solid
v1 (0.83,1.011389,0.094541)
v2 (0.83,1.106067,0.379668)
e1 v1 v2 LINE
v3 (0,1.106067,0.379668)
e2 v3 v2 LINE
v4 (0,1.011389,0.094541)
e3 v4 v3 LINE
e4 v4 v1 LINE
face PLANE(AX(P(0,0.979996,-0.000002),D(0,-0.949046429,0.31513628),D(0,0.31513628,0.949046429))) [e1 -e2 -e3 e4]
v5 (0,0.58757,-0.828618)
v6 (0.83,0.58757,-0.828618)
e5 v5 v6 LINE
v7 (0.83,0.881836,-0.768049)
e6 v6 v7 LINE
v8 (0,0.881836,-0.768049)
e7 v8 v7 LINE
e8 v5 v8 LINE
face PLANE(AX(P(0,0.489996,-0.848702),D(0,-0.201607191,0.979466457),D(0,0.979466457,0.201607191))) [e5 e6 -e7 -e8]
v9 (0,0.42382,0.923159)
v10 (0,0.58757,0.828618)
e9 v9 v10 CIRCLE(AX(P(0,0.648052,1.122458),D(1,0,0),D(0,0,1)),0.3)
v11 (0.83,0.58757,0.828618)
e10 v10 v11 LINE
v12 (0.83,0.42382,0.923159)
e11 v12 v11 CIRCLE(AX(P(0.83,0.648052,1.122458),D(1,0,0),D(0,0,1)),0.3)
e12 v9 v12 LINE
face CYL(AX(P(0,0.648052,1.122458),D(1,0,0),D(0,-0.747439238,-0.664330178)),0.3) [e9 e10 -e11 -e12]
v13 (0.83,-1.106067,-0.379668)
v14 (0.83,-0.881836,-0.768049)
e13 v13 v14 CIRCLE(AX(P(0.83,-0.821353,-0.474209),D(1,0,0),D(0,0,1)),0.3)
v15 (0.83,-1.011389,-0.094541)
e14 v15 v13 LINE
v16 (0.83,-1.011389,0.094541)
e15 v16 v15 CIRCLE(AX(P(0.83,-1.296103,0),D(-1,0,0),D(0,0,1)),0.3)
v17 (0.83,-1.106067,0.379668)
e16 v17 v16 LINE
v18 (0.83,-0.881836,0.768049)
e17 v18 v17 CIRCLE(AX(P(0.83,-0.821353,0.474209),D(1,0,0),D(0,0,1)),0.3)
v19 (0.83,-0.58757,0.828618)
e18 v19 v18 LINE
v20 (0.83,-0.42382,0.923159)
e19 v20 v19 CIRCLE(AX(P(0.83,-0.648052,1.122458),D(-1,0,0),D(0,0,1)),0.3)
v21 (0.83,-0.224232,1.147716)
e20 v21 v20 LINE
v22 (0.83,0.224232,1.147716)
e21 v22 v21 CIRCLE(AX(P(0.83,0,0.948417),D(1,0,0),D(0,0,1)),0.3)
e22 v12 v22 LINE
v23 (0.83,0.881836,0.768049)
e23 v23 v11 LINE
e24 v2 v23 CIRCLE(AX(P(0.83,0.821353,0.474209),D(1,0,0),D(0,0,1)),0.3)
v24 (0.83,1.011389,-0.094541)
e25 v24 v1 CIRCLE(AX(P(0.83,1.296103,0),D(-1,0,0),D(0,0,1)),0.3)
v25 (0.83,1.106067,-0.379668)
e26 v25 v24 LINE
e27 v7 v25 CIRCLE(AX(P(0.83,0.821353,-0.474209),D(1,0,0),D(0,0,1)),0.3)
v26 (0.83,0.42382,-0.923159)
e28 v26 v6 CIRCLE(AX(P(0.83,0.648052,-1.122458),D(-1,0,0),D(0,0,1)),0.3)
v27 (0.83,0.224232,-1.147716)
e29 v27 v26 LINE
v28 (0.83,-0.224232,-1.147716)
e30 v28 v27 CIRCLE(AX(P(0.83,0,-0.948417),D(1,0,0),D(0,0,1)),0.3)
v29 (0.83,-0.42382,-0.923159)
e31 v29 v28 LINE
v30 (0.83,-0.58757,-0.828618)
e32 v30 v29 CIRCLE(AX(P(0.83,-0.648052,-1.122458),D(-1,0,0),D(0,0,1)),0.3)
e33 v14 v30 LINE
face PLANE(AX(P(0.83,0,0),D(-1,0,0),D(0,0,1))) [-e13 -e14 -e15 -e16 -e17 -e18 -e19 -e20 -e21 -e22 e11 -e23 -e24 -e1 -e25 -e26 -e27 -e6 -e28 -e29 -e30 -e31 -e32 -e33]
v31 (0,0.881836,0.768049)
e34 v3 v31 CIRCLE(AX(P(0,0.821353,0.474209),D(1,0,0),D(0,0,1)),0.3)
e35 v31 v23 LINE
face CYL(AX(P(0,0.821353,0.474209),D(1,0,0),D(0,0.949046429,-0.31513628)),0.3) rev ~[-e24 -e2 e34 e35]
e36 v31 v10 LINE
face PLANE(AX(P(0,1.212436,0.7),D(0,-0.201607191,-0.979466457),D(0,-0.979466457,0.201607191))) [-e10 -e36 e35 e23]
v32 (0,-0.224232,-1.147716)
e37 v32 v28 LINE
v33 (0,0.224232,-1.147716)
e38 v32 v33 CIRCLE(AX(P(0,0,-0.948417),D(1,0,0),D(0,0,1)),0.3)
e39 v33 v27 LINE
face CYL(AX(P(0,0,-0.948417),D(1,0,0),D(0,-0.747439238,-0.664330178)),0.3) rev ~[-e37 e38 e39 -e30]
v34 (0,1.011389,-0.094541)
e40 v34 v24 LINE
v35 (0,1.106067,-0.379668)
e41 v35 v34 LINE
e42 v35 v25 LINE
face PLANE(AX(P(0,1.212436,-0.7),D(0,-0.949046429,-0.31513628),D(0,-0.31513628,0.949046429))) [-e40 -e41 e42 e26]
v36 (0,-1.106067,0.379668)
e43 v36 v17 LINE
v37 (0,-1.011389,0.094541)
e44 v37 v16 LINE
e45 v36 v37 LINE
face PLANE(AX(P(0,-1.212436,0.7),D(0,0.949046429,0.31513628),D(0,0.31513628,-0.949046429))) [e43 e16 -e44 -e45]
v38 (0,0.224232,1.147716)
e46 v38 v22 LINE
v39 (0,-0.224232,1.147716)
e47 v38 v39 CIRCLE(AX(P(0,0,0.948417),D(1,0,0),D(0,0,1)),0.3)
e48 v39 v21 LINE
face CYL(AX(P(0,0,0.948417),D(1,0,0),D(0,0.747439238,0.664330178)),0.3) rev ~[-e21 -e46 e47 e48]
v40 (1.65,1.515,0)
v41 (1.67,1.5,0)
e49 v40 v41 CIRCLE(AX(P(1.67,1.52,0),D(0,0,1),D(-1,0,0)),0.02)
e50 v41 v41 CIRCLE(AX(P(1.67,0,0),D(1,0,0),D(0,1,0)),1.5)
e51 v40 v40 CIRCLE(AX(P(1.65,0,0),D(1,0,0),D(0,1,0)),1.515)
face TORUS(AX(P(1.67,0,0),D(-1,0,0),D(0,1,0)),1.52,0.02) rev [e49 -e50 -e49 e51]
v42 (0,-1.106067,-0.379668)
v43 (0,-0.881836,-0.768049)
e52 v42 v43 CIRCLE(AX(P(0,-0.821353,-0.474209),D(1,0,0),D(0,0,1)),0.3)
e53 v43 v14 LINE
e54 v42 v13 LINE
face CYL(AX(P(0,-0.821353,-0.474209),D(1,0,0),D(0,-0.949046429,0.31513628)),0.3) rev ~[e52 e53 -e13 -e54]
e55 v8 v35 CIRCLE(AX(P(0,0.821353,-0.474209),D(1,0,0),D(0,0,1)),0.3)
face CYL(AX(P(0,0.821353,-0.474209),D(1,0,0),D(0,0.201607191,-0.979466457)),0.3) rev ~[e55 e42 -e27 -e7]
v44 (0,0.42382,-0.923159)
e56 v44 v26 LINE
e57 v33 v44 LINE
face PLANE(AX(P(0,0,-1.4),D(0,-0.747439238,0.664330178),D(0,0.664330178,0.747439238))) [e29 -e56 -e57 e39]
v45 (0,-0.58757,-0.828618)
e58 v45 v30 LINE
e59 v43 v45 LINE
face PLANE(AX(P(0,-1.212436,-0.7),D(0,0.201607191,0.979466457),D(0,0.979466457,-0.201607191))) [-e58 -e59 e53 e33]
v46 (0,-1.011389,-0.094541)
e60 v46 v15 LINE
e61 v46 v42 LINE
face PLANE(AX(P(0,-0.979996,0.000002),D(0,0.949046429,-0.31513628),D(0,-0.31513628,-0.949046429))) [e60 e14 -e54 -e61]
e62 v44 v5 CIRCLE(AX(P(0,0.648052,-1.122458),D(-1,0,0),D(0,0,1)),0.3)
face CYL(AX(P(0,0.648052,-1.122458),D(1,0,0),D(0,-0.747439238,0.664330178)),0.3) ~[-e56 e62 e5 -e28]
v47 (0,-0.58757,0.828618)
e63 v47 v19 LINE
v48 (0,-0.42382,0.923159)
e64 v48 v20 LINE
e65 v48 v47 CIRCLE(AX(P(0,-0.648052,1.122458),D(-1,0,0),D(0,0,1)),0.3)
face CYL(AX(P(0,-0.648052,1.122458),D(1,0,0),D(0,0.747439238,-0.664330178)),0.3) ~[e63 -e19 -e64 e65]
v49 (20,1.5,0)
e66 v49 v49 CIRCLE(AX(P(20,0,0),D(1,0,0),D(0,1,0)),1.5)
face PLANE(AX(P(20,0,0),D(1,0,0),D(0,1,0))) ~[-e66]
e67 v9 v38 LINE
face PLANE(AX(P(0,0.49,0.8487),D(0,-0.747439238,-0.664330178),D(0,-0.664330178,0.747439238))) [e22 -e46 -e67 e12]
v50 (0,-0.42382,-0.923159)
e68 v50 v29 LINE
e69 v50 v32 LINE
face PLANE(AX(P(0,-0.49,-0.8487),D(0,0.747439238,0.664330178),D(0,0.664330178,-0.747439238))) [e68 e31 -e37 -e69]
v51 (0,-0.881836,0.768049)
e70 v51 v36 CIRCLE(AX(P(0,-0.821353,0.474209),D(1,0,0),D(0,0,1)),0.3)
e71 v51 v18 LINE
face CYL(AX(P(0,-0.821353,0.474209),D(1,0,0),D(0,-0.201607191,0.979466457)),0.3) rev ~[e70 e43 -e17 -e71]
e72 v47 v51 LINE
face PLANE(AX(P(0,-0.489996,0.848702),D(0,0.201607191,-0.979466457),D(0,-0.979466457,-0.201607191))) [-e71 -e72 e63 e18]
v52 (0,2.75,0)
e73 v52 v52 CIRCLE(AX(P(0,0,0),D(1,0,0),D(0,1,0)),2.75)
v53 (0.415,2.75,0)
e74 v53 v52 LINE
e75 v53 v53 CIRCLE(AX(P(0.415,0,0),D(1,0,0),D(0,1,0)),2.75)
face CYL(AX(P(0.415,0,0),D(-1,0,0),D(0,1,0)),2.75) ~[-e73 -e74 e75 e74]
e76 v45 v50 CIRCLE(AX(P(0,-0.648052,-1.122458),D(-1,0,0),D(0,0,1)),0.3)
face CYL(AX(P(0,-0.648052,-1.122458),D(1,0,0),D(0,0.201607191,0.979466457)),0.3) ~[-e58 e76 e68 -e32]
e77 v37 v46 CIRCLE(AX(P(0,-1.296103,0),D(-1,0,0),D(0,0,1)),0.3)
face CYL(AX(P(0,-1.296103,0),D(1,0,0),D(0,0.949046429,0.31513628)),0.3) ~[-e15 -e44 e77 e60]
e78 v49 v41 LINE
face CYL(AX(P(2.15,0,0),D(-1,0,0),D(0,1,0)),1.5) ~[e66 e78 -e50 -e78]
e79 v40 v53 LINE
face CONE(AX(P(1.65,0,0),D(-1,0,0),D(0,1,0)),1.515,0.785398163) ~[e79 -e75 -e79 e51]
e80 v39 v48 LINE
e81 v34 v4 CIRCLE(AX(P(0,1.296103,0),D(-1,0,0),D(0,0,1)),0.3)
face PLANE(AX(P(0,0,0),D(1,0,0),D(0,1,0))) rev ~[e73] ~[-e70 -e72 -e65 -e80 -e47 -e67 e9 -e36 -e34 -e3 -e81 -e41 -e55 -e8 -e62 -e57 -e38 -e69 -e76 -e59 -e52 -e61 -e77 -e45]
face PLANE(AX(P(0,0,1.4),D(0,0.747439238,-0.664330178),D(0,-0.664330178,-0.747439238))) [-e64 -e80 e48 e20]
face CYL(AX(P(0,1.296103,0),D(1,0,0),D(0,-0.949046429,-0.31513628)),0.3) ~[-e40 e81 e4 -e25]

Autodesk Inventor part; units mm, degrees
ref_plane "YZ Plane" through (0, 0, 0) normal (1, 0, 0) x (0, 1, 0)
ref_plane "XZ Plane" through (0, 0, 0) normal (0, 1, 0) x (-1, 0, 0)
ref_plane "XY Plane" through (0, 0, 0) normal (0, 0, 1) x (1, 0, 0)
sketch "Sketch1" plane through (0, 0, 0) normal (0, 0, 1) x (1, 0, 0)
  line L0 (0, 0) -> (20, 0)
  line L1 (20, 0) -> (20, 1.5)
  line L2 (20, 1.5) -> (2.35, 1.5)
  line L3 (2.35, 1.5) -> (2.15, 1.5)
  line L4 (2.15, 1.5) -> (1.67, 1.5)
  line L5 (1.65, 1.515) -> (1.65, 1.515)
  line L6 (1.65, 1.515) -> (0.415, 2.75)
  line L7 (0.415, 2.75) -> (0, 2.75)
  line L8 (0, 2.75) -> (0, 0)
  line L9 (1.65, 1.515) -> (1.65, 1.52)
  arc A0 (1.65, 1.52) -> (1.67, 1.5) centre (1.67, 1.52) ccw
  dimension "d17" = 20
  dimension "d18" = 0.415
  dimension "d19" = 1.65
  dimension "d20" = 0
  dimension "d21" = 5.5
  dimension "d22" = 3
  dimension "d23" = 3
  dimension "d25" = 45
  dimension "d26" = 0.2
  dimension "d28" = 0.02
  dimension "d29" = 17.65
  dimension "d30" = 0.02
  dimension "d52" = 0.7
revolve "Revolution1" add sketch "Sketch1" angle 360 about axis through (0, 0, 0) along (1, 0, 0)
thread "Thread1" size "M3x0.5" class "6g" standard "ISO Metric profile" length 17.65
sketch "Sketch2" plane through (0, 0, 0) normal (-1, 0, 0) x (0, 0, 1)
  circle A0 centre (0, 0) radius 1.4 construction
  circle A1 centre (0, 0) radius 0.98 construction
  line L0 (0, 0) -> (0.8487, 0.49)
  line L1 (0, 0) -> (0.98, 0) construction
  line L2 (0, 0) -> (0.8487, -0.49)
  line L3 (0, 0) -> (0.98, 0) construction
  line L4 (0.8487, 0.49) -> (1.4, 0)
  line L5 (1.4, 0) -> (0.8487, -0.49)
  dimension "d34" = 2.8
  dimension "d35" = 1.96
  dimension "d39" = 30
  dimension "d40" = 330
extrude "Extrusion1" cut sketch "Sketch2" against normal blind 0.83
pattern_circular "Circular Pattern1" count 6 over 360 about axis through (-10, 0, 0) along (1, 0, 0) of "Extrusion1"
fillet "Fillet1" radius 0.3 12 edges at (0.415, 0.49, 0.8487) (0.415, 0, 1.4) (0.415, -0.49, 0.8487) (0.415, -0.98, 0) (0.415, -1.2124, 0.7) (0.415, -1.2124, -0.7) (0.415, -0.49, -0.8487) (0.415, 0, -1.4) (0.415, 0.49, -0.8487) (0.415, 1.2124, -0.7) (0.415, 0.98, 0) (0.415, 1.2124, 0.7)
equation "\"d32\" = b"
equation "\"d34\" = A_"
equation "\"d35\" = 0.7 * A_"
equation "\"d43\" = t"
equation "\"d48\" = v"
equation "\"d17\" = l_"
equation "\"d18\" = 0.5 * t"
equation "\"d19\" = k"
equation "\"d21\" = dk"
equation "\"d22\" = d"
equation "\"d23\" = ds_"
equation "\"d25\" = 0.5 * headAngle"
equation "\"d26\" = x"
equation "\"d28\" = r"
equation "\"d29\" = b"
equation "\"b\" = 17.65"
equation "\"A_\" = 2.8"
equation "\"t\" = 0.83"
equation "\"v\" = 0.3"
equation "\"l_\" = 20"
equation "\"k\" = 1.65"
equation "\"dk\" = 5.5"
equation "\"d\" = 3"
equation "\"ds_\" = 3"
equation "\"headAngle\" = 90deg"
equation "\"x\" = 0.2"
equation "\"r\" = 0.02"
properties part number "Šroub se zápustnou hlavou a šestiramennou drážkou ISO 14581 - M3x20-4.8" material "Ocel, měkká"
